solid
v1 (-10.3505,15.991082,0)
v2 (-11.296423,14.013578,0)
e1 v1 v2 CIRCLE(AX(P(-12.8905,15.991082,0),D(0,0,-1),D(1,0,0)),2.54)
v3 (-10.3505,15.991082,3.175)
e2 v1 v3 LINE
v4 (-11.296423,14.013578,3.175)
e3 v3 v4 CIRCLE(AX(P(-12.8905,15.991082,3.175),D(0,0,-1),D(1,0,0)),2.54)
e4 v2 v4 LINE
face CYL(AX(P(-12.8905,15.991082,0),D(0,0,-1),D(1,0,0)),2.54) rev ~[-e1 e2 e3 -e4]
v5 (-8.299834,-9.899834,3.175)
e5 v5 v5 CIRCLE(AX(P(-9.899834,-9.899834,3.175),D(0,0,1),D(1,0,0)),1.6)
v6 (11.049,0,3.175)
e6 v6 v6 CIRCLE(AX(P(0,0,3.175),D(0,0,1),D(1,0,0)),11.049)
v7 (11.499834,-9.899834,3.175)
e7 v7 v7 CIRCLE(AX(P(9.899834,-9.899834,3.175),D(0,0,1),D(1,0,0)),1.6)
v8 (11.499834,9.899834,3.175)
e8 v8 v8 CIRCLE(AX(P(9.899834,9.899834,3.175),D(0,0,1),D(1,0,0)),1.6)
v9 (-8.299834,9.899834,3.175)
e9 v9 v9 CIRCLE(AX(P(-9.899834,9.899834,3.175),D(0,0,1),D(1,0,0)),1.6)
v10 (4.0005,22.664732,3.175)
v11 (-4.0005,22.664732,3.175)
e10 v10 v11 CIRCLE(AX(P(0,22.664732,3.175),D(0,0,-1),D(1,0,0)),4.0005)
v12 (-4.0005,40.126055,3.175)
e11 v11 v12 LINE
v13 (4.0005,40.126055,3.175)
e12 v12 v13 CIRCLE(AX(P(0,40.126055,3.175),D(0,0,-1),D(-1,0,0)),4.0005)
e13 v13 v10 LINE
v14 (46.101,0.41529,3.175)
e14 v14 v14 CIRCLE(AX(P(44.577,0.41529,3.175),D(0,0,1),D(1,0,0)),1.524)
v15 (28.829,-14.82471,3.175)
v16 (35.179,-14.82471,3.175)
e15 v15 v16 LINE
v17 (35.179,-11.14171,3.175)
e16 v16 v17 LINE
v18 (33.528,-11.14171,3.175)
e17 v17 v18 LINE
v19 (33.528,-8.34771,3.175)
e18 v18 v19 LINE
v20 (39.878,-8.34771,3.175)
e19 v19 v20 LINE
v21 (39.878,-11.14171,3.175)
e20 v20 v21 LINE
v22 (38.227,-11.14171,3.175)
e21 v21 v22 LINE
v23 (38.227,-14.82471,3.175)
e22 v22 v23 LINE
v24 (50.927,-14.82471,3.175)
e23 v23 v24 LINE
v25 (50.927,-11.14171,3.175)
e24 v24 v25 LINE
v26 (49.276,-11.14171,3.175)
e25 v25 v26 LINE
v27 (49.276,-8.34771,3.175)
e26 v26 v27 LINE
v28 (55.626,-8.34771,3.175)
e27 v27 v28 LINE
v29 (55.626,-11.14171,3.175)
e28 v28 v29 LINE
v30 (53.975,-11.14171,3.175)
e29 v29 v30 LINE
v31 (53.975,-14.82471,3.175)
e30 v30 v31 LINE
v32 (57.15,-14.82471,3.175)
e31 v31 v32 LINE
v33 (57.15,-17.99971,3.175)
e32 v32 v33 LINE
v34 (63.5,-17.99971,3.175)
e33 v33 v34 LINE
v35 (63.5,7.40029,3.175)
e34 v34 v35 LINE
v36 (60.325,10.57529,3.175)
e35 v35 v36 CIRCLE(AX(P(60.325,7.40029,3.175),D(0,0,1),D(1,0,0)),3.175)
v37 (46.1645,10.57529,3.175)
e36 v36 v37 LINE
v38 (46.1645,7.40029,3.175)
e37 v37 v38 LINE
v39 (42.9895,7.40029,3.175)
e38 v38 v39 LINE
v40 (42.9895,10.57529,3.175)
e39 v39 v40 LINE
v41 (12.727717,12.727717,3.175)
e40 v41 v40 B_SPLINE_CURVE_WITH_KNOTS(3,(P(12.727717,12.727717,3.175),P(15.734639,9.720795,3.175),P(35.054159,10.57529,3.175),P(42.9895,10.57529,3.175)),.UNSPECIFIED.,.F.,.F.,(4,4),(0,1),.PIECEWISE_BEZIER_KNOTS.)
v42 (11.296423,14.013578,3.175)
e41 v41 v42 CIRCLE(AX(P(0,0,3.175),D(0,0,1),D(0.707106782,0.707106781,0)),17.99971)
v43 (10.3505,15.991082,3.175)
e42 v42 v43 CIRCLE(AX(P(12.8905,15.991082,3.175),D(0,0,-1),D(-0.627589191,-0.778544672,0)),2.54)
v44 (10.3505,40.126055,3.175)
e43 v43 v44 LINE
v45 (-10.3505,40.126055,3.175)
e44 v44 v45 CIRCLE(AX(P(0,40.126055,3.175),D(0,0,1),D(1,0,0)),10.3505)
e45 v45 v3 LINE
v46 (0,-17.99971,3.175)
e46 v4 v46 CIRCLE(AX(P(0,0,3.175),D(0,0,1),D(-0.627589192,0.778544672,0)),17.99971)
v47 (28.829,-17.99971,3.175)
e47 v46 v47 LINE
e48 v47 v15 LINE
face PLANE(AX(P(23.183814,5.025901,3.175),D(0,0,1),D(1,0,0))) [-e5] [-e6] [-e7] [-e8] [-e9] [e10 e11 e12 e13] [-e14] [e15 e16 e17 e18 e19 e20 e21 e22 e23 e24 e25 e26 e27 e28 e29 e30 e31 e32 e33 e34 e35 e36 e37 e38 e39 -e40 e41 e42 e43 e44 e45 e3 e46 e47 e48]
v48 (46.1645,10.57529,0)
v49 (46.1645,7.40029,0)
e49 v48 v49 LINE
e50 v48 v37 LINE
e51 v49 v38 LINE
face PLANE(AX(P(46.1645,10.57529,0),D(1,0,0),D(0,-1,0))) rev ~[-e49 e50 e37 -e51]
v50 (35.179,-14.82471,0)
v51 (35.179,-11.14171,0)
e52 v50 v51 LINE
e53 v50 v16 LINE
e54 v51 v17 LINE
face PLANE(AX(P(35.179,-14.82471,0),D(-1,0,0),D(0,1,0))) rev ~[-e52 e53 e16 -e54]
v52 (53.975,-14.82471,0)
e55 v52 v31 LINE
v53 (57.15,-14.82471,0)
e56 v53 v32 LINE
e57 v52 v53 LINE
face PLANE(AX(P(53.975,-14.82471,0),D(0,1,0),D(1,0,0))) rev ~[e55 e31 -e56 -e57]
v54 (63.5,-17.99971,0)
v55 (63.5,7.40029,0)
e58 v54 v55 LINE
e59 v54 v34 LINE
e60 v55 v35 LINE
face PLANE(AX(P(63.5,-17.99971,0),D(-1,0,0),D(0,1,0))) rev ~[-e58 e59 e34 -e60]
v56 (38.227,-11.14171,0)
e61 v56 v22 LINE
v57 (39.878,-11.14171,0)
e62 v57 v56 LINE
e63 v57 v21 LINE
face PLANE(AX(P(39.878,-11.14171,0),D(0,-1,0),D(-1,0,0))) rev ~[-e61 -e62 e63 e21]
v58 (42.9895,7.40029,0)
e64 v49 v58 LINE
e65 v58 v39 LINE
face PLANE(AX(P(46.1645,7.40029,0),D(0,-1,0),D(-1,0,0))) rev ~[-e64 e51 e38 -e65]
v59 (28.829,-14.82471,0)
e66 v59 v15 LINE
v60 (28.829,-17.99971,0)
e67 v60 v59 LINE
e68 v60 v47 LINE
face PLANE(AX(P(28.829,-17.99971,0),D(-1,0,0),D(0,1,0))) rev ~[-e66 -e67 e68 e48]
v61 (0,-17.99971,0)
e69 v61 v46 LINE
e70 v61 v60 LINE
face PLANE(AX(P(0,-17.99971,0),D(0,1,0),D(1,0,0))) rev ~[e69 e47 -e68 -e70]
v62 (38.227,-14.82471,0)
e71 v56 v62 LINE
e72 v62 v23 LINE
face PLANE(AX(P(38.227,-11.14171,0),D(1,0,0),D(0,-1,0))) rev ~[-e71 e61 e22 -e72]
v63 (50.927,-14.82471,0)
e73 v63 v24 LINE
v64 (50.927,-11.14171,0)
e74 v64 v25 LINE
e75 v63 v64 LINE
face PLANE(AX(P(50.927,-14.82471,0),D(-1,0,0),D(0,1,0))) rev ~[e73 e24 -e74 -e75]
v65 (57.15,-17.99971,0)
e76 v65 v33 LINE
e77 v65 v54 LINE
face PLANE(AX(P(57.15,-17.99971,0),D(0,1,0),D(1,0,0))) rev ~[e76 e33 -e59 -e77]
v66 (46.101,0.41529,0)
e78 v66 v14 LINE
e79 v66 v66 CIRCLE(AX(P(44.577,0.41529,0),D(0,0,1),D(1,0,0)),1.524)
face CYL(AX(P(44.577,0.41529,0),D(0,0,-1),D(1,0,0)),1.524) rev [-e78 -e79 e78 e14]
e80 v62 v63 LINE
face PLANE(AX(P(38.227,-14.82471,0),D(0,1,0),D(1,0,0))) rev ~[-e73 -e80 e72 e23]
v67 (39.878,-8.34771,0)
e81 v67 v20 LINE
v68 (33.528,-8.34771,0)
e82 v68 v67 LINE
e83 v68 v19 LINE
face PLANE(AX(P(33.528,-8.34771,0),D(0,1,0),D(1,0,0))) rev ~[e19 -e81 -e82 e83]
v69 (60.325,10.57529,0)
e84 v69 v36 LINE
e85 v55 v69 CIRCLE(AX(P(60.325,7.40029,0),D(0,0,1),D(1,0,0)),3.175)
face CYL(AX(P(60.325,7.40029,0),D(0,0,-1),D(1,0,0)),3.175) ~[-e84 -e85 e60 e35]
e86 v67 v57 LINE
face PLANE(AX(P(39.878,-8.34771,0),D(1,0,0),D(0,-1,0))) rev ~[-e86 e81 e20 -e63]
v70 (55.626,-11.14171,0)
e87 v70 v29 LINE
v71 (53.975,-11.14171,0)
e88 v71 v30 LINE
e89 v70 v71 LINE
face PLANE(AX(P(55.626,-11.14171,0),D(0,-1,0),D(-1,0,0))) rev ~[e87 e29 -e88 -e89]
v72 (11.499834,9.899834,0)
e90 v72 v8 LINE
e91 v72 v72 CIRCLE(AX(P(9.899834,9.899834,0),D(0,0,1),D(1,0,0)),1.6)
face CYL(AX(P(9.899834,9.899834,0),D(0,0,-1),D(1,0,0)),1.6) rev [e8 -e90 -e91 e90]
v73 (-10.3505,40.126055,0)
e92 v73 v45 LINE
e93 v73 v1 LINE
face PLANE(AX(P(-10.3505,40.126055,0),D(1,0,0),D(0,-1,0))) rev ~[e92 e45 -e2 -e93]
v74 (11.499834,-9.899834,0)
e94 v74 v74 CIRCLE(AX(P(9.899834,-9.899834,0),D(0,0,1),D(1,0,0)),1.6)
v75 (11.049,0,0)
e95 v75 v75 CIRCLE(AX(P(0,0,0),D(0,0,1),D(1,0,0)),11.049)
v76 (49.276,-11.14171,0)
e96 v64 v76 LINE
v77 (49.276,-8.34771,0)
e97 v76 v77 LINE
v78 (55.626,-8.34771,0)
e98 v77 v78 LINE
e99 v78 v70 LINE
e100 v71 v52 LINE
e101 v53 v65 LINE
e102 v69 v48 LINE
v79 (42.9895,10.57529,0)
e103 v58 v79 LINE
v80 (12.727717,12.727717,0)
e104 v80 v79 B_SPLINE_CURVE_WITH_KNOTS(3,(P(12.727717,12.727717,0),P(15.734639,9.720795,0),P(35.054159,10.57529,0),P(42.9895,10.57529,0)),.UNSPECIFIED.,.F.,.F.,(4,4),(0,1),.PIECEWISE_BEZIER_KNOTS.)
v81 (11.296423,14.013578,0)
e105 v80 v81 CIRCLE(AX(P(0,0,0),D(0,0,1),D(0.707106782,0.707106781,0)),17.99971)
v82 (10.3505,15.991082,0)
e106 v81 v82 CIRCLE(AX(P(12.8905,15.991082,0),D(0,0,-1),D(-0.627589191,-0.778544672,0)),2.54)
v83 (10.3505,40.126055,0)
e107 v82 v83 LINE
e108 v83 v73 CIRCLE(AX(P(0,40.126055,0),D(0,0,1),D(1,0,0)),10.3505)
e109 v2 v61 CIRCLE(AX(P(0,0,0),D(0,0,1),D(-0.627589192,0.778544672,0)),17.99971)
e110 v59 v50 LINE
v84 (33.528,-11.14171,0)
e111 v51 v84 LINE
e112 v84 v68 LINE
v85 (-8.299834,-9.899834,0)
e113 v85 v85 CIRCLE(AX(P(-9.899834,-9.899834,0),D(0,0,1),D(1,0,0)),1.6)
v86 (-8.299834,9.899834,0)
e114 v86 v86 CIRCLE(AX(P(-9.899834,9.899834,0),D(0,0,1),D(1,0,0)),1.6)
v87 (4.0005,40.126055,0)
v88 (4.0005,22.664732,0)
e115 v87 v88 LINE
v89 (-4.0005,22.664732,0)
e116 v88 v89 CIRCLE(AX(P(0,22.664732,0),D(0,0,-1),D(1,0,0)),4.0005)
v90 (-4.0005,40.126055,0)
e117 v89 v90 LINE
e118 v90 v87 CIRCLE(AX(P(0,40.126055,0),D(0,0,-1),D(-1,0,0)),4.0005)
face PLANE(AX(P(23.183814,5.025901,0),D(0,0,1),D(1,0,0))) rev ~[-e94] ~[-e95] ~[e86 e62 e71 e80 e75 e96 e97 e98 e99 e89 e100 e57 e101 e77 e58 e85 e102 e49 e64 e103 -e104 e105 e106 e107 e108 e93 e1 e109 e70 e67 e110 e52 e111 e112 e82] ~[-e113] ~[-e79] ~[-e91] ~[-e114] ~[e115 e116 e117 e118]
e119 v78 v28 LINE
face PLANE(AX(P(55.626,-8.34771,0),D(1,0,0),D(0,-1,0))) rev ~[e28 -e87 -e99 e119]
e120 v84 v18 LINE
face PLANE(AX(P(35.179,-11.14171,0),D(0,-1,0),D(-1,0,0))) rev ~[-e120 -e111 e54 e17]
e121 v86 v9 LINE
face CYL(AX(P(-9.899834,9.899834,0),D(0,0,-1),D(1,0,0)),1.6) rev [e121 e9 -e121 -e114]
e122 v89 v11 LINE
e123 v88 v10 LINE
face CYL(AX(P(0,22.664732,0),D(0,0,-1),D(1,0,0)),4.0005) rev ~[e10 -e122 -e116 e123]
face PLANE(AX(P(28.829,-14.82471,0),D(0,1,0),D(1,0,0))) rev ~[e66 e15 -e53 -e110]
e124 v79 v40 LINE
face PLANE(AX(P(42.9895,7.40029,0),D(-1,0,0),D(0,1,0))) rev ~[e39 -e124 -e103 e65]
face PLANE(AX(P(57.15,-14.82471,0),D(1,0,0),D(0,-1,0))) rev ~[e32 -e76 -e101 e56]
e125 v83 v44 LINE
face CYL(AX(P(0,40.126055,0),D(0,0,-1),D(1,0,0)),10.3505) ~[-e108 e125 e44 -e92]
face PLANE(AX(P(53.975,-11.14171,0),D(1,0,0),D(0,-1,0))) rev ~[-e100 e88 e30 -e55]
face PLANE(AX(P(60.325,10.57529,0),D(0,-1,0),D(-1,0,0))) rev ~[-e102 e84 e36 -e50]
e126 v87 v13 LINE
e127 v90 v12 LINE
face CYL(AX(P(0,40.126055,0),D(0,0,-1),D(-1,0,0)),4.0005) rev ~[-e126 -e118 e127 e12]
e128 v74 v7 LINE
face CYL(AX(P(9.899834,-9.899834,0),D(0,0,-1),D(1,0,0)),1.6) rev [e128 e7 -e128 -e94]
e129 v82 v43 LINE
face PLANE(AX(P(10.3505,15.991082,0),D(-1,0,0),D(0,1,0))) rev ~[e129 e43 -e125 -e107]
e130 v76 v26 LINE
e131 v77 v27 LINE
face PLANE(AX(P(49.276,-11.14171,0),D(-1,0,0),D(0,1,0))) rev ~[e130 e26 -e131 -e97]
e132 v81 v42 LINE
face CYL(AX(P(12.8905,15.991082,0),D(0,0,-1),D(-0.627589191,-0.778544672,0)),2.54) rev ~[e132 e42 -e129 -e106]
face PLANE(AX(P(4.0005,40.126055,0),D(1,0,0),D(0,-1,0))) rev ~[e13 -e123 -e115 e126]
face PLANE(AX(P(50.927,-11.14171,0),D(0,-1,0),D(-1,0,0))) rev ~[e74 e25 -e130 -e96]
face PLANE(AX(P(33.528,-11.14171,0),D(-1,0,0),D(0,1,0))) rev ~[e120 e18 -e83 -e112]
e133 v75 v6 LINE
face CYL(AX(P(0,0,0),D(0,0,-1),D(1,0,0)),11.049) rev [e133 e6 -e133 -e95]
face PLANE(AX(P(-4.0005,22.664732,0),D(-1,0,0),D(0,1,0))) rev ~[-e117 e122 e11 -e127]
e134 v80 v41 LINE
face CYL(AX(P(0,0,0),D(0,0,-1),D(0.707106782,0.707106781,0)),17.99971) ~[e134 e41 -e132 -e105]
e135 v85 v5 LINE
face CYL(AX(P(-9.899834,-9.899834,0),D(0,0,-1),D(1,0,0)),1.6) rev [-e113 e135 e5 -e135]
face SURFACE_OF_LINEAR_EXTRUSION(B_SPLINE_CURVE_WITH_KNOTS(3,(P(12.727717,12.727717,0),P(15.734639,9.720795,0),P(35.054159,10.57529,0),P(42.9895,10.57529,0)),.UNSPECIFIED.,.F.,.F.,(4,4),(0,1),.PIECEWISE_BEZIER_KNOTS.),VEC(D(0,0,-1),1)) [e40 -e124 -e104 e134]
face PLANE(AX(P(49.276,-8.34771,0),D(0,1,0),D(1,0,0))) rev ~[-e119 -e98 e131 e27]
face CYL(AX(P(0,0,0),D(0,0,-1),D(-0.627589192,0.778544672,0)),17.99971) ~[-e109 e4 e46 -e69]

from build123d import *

# Parameters (mm, degrees)
SKETCH1_R           = 11.049
SKETCH1_R_2         = 1.6
SKETCH1_R_3         = 1.524
BOSS_EXTRUDE1_DEPTH = 3.175


with BuildPart() as part:
    # Sketch1 → Boss-Extrude1 (new body)
    with BuildSketch(Plane.XY):
        with BuildLine():
            Line((57.15, -17.99971), (63.5, -17.99971))
            Line((63.5, -17.99971), (63.5, 7.40029))
            ThreePointArc((63.5, 7.40029), (62.57006403, 9.64535403), (60.325, 10.57529))
            Line((60.325, 10.57529), (46.1645, 10.57529))
            Line((46.1645, 10.57529), (46.1645, 7.40029))
            Line((46.1645, 7.40029), (42.9895, 7.40029))
            Line((42.9895, 7.40029), (42.9895, 10.57529))
            add(Edge.make_bspline(
                [(12.727717, 12.727717), (15.734639389, 9.720794612), (35.054158727, 10.57529), (42.9895, 10.57529)],
                knots=[0, 0, 0, 0, 1, 1, 1, 1], degree=3))
            ThreePointArc((12.727717, 12.727717), (12.029263941, 13.389786), (11.296423453, 14.013578318))
            ThreePointArc((11.296423453, 14.013578318), (10.59915166, 14.89503307), (10.3505, 15.991081784))
            Line((10.3505, 15.991081784), (10.3505, 40.126055474))
            ThreePointArc((10.3505, 40.126055474), (0, 50.476555474), (-10.3505, 40.126055474))
            Line((-10.3505, 40.126055474), (-10.3505, 15.991081784))
            ThreePointArc((-10.3505, 15.991081784), (-10.59915166, 14.89503307), (-11.296423453, 14.013578318))
            ThreePointArc((-11.296423453, 14.013578318), (-16.973949244, -5.989541481), (0, -17.99971))
            Line((0, -17.99971), (28.829, -17.99971))
            Line((28.829, -17.99971), (28.829, -14.82471))
            Line((28.829, -14.82471), (35.179, -14.82471))
            Line((35.179, -14.82471), (35.179, -11.14171))
            Line((35.179, -11.14171), (33.528, -11.14171))
            Line((33.528, -11.14171), (33.528, -8.34771))
            Line((33.528, -8.34771), (39.878, -8.34771))
            Line((39.878, -8.34771), (39.878, -11.14171))
            Line((39.878, -11.14171), (38.227, -11.14171))
            Line((38.227, -11.14171), (38.227, -14.82471))
            Line((38.227, -14.82471), (50.927, -14.82471))
            Line((50.927, -14.82471), (50.927, -11.14171))
            Line((50.927, -11.14171), (49.276, -11.14171))
            Line((49.276, -11.14171), (49.276, -8.34771))
            Line((49.276, -8.34771), (55.626, -8.34771))
            Line((55.626, -8.34771), (55.626, -11.14171))
            Line((55.626, -11.14171), (53.975, -11.14171))
            Line((53.975, -11.14171), (53.975, -14.82471))
            Line((53.975, -14.82471), (57.15, -14.82471))
            Line((57.15, -14.82471), (57.15, -17.99971))
        make_face()
        Circle(SKETCH1_R, mode=Mode.SUBTRACT)
        with Locations((9.899834348, 9.899834348)):
            Circle(SKETCH1_R_2, mode=Mode.SUBTRACT)
        with Locations((9.899834348, -9.899834348)):
            Circle(SKETCH1_R_2, mode=Mode.SUBTRACT)
        with Locations((-9.899834348, -9.899834348)):
            Circle(SKETCH1_R_2, mode=Mode.SUBTRACT)
        with Locations((-9.899834348, 9.899834348)):
            Circle(SKETCH1_R_2, mode=Mode.SUBTRACT)
        with Locations((44.577, 0.41529)):
            Circle(SKETCH1_R_3, mode=Mode.SUBTRACT)
        with BuildLine():
            Line((4.0005, 40.126055474), (4.0005, 22.664731685))
            ThreePointArc((4.0005, 22.664731685), (0, 18.664231685), (-4.0005, 22.664731685))
            Line((-4.0005, 22.664731685), (-4.0005, 40.126055474))
            ThreePointArc((-4.0005, 40.126055474), (0, 44.126555474), (4.0005, 40.126055474))
        make_face(mode=Mode.SUBTRACT)
    extrude(amount=BOSS_EXTRUDE1_DEPTH)


solid = part.part
